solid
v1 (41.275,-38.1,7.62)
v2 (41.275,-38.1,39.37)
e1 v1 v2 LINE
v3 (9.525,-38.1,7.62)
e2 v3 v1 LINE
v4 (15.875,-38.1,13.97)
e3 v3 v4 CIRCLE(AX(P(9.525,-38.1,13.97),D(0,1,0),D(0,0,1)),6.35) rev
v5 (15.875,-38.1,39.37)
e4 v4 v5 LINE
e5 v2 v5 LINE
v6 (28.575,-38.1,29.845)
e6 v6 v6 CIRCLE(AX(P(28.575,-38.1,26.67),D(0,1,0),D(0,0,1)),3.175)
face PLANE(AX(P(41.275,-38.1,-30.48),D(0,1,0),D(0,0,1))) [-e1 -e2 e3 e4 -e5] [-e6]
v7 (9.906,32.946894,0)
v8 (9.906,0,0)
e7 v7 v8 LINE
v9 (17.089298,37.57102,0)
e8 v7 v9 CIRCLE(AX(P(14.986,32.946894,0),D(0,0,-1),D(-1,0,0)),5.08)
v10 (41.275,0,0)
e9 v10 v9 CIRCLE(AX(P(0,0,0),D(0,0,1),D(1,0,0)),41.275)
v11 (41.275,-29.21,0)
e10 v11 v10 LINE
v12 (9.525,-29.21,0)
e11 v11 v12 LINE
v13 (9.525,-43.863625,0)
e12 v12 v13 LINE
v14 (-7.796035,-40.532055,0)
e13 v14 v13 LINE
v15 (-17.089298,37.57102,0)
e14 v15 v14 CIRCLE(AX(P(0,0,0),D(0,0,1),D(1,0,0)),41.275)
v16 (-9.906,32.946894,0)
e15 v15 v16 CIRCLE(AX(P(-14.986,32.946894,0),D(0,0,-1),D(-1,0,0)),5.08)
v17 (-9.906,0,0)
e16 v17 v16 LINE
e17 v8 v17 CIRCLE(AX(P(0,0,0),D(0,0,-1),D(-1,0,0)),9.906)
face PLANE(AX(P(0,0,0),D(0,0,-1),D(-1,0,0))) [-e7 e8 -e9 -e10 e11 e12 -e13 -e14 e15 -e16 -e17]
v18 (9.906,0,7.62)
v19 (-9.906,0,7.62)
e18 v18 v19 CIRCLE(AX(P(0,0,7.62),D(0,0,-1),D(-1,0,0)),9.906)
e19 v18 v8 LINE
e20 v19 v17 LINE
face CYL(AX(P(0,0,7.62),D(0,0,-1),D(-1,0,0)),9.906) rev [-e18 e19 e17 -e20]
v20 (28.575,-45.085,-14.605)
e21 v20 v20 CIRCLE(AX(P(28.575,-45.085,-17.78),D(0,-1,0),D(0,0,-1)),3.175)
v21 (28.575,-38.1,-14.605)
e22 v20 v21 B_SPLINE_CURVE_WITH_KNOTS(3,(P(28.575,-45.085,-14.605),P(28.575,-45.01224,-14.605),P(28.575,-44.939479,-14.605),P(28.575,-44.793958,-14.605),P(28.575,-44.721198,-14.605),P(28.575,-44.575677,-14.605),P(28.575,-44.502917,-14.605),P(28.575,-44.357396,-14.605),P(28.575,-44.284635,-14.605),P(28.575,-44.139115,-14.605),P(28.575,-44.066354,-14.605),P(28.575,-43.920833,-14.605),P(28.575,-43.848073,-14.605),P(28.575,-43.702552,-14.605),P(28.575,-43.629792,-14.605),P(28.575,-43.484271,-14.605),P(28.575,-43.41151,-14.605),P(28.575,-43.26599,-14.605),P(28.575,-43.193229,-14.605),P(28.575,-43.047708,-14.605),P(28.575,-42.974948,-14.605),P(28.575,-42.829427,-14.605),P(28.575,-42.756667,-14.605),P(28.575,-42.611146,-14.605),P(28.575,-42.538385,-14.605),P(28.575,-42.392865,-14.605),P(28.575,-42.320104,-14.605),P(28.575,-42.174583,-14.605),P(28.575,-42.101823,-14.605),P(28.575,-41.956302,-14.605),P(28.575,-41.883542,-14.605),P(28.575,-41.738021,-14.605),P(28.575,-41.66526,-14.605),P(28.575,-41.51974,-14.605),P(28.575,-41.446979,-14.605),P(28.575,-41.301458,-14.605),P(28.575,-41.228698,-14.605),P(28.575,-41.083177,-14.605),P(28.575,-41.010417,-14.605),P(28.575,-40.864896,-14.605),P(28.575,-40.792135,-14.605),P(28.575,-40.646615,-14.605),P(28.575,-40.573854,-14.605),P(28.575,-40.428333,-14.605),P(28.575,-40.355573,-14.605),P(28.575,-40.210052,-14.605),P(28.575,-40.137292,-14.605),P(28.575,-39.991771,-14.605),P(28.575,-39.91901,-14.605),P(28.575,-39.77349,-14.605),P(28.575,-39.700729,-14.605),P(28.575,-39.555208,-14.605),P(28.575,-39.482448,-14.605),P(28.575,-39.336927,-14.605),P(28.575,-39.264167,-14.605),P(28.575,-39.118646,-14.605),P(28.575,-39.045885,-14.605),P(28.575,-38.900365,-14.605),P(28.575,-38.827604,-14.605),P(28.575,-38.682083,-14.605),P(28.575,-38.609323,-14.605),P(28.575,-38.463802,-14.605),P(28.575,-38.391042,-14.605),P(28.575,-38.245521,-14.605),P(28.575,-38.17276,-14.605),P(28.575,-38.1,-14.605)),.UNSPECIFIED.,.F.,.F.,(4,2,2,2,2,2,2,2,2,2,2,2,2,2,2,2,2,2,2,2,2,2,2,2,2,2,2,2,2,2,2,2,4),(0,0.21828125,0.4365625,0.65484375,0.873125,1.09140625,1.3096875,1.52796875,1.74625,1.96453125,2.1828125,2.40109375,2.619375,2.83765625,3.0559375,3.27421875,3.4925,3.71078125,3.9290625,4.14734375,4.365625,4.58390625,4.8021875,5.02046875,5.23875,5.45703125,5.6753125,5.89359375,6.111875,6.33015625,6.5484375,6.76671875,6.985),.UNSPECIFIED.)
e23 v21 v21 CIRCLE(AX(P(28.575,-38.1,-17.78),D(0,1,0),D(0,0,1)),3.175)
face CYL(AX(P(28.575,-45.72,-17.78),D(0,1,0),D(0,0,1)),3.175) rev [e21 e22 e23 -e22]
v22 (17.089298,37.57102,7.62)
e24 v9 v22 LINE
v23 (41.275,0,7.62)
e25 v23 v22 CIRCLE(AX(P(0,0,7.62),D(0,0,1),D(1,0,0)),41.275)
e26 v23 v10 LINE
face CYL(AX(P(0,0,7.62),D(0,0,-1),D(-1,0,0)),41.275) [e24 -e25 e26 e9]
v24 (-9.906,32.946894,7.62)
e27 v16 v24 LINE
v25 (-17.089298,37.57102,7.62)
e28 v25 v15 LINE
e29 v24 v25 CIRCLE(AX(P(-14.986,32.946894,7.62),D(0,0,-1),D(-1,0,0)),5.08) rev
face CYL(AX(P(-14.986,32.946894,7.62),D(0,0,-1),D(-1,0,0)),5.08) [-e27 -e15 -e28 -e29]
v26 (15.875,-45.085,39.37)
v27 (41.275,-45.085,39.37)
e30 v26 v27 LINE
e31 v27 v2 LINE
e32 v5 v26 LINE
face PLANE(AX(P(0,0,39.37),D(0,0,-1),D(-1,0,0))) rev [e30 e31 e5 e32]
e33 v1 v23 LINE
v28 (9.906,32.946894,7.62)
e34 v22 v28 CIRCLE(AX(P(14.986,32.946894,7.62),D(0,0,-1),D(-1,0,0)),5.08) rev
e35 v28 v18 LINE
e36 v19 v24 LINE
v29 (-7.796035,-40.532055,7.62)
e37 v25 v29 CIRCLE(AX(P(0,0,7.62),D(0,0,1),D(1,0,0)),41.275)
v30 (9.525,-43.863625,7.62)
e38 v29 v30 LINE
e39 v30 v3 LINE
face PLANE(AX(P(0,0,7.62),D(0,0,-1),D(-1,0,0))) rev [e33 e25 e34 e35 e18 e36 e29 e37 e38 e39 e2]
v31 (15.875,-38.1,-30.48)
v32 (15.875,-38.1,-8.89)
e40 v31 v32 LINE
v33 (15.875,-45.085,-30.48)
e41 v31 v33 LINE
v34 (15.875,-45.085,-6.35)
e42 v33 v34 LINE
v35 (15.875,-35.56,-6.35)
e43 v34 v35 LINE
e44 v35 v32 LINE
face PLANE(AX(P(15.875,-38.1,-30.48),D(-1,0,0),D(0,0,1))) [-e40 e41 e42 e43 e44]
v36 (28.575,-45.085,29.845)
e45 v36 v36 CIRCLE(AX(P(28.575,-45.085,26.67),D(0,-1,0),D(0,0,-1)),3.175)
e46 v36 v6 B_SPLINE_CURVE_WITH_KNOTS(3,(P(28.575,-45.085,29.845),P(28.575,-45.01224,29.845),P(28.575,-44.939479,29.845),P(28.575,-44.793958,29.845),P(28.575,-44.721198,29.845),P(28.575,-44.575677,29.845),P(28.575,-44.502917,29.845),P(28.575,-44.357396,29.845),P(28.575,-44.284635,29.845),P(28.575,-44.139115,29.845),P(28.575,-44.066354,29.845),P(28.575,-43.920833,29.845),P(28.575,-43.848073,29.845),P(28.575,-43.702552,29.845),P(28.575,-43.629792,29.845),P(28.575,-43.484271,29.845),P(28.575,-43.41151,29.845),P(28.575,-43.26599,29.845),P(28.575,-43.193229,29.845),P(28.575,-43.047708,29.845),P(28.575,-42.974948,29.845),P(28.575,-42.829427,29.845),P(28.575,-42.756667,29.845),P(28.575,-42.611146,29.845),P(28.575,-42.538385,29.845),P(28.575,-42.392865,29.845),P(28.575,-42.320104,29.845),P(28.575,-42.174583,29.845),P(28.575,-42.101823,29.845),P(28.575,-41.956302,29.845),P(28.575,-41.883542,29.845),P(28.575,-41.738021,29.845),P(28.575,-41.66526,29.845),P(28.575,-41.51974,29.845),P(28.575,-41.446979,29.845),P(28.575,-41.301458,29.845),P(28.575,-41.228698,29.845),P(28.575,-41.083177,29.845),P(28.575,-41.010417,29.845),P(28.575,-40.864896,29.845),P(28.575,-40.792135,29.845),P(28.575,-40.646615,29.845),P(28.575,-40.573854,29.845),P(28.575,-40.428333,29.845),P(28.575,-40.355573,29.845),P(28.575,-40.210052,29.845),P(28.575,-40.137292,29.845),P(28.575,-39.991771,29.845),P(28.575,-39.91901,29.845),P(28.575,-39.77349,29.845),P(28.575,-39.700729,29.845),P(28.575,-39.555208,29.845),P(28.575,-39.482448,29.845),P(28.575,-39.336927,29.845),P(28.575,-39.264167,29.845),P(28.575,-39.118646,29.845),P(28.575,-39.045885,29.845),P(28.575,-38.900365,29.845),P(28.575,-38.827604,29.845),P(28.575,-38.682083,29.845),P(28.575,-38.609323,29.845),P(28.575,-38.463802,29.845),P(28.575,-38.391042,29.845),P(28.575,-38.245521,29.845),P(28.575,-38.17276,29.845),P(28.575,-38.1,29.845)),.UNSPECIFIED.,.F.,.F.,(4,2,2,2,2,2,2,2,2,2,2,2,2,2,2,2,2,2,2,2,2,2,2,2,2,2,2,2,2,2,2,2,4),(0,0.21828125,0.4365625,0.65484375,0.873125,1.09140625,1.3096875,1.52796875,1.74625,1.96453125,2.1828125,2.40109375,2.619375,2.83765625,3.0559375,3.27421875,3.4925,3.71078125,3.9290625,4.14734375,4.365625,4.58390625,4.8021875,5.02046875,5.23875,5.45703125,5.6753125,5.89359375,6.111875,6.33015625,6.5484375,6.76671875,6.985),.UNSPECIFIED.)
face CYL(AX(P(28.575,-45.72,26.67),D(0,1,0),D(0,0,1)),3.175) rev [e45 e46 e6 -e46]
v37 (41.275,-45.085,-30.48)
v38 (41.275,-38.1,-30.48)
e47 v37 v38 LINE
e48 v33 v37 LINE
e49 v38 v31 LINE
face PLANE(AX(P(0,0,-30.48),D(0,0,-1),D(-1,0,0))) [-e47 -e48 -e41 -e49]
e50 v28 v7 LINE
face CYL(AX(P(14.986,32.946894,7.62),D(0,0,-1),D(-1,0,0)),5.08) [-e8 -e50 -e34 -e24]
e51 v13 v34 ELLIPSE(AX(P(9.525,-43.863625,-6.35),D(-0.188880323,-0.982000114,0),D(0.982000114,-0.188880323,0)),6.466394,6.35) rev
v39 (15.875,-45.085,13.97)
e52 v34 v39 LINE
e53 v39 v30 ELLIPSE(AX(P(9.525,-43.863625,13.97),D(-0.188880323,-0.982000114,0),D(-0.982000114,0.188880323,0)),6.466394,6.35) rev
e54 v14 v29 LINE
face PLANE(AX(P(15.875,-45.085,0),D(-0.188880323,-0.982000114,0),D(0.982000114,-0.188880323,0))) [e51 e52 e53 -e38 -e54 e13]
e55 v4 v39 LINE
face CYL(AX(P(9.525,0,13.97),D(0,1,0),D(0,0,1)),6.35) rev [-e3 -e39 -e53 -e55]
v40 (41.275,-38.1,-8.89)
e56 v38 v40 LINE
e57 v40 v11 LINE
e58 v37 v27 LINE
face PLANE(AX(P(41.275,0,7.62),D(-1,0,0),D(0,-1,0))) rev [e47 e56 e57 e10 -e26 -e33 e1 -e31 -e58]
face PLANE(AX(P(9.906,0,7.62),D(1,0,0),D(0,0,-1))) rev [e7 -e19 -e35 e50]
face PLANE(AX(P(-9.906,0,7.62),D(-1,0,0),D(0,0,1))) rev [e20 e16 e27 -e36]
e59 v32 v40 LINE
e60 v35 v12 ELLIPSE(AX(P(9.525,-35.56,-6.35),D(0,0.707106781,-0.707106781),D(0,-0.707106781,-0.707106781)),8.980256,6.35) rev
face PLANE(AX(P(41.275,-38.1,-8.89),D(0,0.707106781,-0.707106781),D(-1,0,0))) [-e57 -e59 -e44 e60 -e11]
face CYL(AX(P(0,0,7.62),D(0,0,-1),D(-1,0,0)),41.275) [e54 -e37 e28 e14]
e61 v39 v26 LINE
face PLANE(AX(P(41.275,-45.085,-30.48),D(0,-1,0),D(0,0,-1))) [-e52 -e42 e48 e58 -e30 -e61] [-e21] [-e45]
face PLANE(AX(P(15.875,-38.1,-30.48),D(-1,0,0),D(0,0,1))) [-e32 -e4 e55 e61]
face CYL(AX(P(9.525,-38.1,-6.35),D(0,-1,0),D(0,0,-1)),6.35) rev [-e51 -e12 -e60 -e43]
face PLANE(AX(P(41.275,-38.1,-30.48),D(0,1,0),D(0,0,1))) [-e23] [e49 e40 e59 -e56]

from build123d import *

# Parameters (mm, degrees)
BOSS_EXTRUDE1_DEPTH      = 7.62
BOSS_EXTRUDE2_DEPTH      = 31.75
BOSS_EXTRUDE2_DEPTH_BACK = 38.1
SKETCH2_W                = 25.4
SKETCH2_H                = 6.985
BOSS_EXTRUDE3_START      = -7.62
BOSS_EXTRUDE3_DEPTH      = 7.62
SKETCH4_R                = 3.175
CUT_EXTRUDE1_DEPTH       = 7.62
CHAMFER1_SIZE            = 8.89
FILLET1_R                = 6.35
FILLET2_R                = 5.08


with BuildPart() as part:
    # Sketch1 → Boss-Extrude1 (new body)
    with BuildSketch(Plane.XY):
        with BuildLine():
            Line((41.275, -41.275), (0, -41.275))
            ThreePointArc((0, -41.275), (-40.972302797, -4.989592018), (-9.906, 40.068650951))
            Line((-9.906, 40.068650951), (-9.906, 0))
            ThreePointArc((-9.906, 0), (0, -9.906), (9.906, 0))
            Line((9.906, 0), (9.906, 40.068650951))
            ThreePointArc((9.906, 40.068650951), (32.4999675, 25.443618797), (41.275, 0))
            Line((41.275, 0), (41.275, -41.275))
        make_face()
    extrude(amount=BOSS_EXTRUDE1_DEPTH)

    # Sketch2 → Boss-Extrude2 (add, two sides: drawn at the far end of the back side and taken through both)
    with BuildSketch(Plane.XY.offset(7.62).offset(-BOSS_EXTRUDE2_DEPTH_BACK)):
        with Locations((28.575, -41.5925)):
            Rectangle(SKETCH2_W, SKETCH2_H)
    extrude(amount=BOSS_EXTRUDE2_DEPTH + BOSS_EXTRUDE2_DEPTH_BACK)

    # Sketch3 → Boss-Extrude3 (add)
    with BuildSketch(Plane.XY.offset(7.62).offset(BOSS_EXTRUDE3_START)):
        with BuildLine():
            Line((15.875, -45.085), (-7.79603534, -40.532054697))
            ThreePointArc((-7.79603534, -40.532054697), (-3.915677934, -41.088843879), (0, -41.275))
            Line((0, -41.275), (15.875, -41.275))
            Line((15.875, -41.275), (15.875, -45.085))
        make_face()
    extrude(amount=BOSS_EXTRUDE3_DEPTH)

    # Sketch4 → Cut-Extrude1 (cut)
    with BuildSketch(Plane(origin=(0, -38.1, 0), x_dir=(1, 0, 0), z_dir=(0, 1, 0))):
        with Locations(Location((28.575, -26.67, 0), (0, 0, 270))):
            Circle(SKETCH4_R)
        with Locations(Location((28.575, 17.78, 0), (0, 0, 270))):
            Circle(SKETCH4_R)
    extrude(amount=-CUT_EXTRUDE1_DEPTH, mode=Mode.SUBTRACT)

    # Chamfer1
    chamfer1_edges = [part.edges().sort_by_distance(p)[0] for p in [
        (28.575, -38.1, 0),
    ]]
    chamfer(chamfer1_edges, length=CHAMFER1_SIZE)

    # Fillet1
    fillet1_edges = [part.edges().sort_by_distance(p)[0] for p in [
        (15.875, -37.1475, 0),
        (15.875, -41.5925, 7.62),
    ]]
    fillet(fillet1_edges, radius=FILLET1_R)

    # Fillet2
    fillet2_edges = [part.edges().sort_by_distance(p)[0] for p in [
        (9.906, 40.068650951, 3.81),
        (-9.906, 40.068650951, 3.81),
    ]]
    fillet(fillet2_edges, radius=FILLET2_R)


solid = part.part
